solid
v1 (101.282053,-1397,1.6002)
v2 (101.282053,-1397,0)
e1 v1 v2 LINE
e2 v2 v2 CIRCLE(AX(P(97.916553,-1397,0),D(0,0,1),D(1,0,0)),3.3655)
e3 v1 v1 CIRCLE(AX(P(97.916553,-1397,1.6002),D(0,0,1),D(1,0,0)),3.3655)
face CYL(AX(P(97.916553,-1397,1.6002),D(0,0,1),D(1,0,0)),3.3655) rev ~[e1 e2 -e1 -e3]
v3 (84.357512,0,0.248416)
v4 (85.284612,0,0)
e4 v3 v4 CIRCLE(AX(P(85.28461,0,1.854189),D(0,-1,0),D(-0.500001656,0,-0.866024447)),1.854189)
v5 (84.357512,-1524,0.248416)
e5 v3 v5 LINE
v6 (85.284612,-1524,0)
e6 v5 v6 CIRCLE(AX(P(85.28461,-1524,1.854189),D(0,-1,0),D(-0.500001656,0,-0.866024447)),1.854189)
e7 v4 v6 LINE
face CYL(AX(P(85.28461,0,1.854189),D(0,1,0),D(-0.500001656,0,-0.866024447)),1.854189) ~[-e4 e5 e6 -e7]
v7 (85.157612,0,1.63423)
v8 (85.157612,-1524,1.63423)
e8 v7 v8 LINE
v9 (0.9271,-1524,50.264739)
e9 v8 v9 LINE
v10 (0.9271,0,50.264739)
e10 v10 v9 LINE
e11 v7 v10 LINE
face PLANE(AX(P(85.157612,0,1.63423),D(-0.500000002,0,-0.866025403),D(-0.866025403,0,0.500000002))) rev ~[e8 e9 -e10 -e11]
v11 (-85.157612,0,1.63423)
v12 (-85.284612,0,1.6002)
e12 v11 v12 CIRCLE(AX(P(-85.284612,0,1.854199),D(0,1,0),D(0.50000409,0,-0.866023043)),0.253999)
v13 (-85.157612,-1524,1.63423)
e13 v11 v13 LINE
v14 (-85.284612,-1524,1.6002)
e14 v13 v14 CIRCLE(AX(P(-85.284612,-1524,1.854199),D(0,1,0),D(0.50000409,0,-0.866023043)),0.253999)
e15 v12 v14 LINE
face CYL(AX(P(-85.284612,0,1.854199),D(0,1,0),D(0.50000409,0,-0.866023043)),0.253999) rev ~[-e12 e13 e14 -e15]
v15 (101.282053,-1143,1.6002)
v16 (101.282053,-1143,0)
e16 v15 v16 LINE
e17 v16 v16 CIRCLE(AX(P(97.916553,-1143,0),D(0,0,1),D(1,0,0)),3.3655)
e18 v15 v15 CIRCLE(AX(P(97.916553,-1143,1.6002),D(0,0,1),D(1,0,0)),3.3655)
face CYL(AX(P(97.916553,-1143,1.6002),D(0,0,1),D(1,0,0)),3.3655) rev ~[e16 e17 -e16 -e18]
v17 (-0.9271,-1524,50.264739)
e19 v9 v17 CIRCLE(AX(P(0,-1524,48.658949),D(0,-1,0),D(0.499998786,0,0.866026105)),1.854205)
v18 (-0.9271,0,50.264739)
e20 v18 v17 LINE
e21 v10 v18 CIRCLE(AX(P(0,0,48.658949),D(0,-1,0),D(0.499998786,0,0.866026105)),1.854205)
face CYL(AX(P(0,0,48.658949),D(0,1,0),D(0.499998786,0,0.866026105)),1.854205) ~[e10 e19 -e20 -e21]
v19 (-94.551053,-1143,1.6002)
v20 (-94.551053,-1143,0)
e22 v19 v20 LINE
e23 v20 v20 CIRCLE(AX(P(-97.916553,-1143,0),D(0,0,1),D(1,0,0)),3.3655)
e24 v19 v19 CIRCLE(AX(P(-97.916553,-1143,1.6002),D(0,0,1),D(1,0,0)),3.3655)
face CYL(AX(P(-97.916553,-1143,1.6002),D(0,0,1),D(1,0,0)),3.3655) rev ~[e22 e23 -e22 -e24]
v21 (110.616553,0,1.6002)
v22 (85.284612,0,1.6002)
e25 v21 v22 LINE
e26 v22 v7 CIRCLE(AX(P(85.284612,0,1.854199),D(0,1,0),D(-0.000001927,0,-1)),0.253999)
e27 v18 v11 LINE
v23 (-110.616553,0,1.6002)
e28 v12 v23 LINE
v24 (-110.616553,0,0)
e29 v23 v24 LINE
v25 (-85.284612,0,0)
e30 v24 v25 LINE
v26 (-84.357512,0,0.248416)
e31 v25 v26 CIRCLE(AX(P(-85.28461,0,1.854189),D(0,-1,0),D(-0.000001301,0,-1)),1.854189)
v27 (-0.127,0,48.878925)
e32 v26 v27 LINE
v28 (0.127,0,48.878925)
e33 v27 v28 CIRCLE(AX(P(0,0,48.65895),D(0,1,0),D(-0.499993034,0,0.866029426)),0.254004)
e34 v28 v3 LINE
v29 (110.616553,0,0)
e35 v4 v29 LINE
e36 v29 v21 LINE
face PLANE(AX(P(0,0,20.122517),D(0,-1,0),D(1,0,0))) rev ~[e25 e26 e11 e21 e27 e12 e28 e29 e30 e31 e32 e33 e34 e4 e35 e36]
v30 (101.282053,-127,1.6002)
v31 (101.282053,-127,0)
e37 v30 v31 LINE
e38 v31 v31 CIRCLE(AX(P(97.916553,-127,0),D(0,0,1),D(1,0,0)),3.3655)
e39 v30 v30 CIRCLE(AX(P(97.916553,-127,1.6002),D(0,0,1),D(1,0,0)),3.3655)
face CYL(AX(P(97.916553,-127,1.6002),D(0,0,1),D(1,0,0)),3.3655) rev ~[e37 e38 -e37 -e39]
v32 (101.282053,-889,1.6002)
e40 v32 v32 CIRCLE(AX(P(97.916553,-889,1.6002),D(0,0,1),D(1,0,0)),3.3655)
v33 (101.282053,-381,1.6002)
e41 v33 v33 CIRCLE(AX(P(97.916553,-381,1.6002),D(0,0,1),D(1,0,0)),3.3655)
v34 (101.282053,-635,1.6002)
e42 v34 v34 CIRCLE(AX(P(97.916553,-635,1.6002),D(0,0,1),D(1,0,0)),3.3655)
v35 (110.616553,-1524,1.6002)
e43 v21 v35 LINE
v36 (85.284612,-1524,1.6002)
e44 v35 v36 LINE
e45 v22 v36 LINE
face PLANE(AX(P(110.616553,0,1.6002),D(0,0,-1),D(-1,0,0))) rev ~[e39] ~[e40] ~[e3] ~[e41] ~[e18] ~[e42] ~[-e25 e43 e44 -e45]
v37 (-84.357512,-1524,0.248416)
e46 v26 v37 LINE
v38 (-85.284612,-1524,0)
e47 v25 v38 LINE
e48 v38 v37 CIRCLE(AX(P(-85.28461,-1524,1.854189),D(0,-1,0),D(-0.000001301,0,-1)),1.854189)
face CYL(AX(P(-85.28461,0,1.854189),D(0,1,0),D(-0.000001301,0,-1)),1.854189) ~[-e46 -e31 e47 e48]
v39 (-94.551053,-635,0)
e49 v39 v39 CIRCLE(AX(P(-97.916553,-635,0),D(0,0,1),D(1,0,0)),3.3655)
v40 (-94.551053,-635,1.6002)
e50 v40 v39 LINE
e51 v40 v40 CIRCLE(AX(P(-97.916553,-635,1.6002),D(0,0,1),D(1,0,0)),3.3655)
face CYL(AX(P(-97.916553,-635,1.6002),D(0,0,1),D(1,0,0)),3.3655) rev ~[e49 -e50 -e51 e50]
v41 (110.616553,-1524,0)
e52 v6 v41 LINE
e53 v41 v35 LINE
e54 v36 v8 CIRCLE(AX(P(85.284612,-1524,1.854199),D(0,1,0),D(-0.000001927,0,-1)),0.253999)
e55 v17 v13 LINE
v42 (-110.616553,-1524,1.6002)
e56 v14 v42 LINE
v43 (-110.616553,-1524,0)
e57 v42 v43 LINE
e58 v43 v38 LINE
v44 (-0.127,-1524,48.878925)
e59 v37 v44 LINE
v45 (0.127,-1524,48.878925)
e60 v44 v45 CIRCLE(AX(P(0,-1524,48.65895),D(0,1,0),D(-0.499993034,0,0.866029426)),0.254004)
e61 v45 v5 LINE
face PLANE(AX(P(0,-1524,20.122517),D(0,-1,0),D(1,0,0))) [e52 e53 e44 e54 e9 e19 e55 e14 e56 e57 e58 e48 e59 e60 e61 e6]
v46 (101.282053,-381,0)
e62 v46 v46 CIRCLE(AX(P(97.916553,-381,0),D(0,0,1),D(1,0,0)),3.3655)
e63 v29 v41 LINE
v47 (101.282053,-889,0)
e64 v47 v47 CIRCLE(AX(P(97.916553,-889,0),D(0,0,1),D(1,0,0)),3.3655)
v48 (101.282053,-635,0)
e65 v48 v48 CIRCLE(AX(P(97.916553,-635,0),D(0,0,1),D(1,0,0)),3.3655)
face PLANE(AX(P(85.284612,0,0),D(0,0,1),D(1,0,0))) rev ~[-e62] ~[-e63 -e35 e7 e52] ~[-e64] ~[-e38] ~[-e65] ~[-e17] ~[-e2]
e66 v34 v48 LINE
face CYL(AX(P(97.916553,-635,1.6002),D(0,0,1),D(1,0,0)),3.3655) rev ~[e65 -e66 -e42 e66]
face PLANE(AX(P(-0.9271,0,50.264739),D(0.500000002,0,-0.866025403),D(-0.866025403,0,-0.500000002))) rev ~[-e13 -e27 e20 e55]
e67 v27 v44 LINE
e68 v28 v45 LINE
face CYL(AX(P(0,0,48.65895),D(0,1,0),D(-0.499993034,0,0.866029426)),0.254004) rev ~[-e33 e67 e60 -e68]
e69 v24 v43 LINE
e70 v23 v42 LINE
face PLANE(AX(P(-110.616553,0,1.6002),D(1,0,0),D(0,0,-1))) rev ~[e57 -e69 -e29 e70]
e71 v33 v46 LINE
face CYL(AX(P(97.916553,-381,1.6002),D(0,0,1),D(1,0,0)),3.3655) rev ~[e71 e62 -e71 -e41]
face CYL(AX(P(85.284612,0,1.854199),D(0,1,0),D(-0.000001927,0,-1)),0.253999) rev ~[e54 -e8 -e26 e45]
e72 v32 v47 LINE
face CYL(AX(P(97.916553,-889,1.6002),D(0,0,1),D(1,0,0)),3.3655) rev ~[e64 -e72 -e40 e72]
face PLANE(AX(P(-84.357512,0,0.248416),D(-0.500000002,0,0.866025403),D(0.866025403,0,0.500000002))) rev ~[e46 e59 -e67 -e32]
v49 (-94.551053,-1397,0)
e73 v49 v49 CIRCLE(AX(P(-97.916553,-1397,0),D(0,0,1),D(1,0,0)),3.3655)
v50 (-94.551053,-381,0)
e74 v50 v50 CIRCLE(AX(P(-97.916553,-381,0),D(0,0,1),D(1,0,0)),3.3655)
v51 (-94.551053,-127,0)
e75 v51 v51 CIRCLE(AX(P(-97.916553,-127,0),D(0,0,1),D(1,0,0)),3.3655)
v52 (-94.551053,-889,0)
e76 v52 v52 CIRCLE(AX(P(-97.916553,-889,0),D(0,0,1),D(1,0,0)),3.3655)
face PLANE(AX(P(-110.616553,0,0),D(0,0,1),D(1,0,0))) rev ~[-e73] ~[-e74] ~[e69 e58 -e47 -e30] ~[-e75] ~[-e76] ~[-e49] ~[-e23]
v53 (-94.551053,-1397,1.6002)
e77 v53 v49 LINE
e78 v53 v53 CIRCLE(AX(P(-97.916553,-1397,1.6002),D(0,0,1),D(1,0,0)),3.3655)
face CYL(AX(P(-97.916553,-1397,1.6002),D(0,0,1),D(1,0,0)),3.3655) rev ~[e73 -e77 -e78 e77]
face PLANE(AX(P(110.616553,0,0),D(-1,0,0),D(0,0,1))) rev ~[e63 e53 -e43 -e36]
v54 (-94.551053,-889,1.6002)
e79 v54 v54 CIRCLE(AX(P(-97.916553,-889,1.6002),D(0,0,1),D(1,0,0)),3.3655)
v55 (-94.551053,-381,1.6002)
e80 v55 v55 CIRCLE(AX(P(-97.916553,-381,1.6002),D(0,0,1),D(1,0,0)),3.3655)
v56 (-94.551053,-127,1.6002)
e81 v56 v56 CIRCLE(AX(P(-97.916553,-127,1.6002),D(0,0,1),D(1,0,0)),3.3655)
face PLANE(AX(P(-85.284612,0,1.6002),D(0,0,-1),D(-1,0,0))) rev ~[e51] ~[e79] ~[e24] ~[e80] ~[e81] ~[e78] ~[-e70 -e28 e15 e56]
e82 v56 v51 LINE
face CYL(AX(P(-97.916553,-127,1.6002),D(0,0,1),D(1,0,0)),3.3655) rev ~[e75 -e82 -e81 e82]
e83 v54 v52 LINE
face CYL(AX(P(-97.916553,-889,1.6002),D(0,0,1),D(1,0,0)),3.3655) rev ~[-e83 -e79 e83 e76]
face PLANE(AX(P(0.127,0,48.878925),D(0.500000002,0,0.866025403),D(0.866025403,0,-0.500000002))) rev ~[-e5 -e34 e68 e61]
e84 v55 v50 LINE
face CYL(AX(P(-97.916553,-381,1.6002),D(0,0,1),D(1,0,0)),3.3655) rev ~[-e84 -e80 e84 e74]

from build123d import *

# Parameters (mm, degrees)
F1_DEPTH = 1524
F2_R     = 3.3655
F3_DEPTH = 1.6012


with BuildPart() as f1:
    # F0 (on Front) → F1 (new body)
    with BuildSketch(Plane.XZ):
        with BuildLine():
            ThreePointArc((0.9271, 50.264739), (0, 50.513154), (-0.9271, 50.264739))
            Line((-0.9271, 50.264739), (-85.157612, 1.63423))
            ThreePointArc((-85.157612, 1.63423), (-85.218872, 1.608855), (-85.284612, 1.6002))
            Line((-85.284612, 1.6002), (-110.616553, 1.6002))
            Line((-110.616553, 1.6002), (-110.616553, 0))
            Line((-110.616553, 0), (-85.284612, 0))
            ThreePointArc((-85.284612, 0), (-84.80471, 0.06318), (-84.357512, 0.248416))
            Line((-84.357512, 0.248416), (-0.127, 48.878925))
            ThreePointArc((-0.127, 48.878925), (0, 48.912954), (0.127, 48.878925))
            Line((0.127, 48.878925), (84.357512, 0.248416))
            ThreePointArc((84.357512, 0.248416), (84.80471, 0.06318), (85.284612, 0))
            Line((85.284612, 0), (110.616553, 0))
            Line((110.616553, 0), (110.616553, 1.6002))
            Line((110.616553, 1.6002), (85.284612, 1.6002))
            ThreePointArc((85.284612, 1.6002), (85.218872, 1.608855), (85.157612, 1.63423))
            Line((85.157612, 1.63423), (0.9271, 50.264739))
        make_face()
    extrude(amount=F1_DEPTH)

    # F2 (on face) → F3 (cut, through all)
    with BuildSketch(Plane.XY.offset(1.6002)):
        with Locations((-97.916553, -127)):
            Circle(F2_R)
        with Locations((97.916553, -127)):
            Circle(F2_R)
        with Locations((-97.916553, -381)):
            Circle(F2_R)
        with Locations((97.916553, -381)):
            Circle(F2_R)
        with Locations((-97.916553, -635)):
            Circle(F2_R)
        with Locations((97.916553, -635)):
            Circle(F2_R)
        with Locations((-97.916553, -889)):
            Circle(F2_R)
        with Locations((97.916553, -889)):
            Circle(F2_R)
        with Locations((-97.916553, -1143)):
            Circle(F2_R)
        with Locations((97.916553, -1143)):
            Circle(F2_R)
        with Locations((-97.916553, -1397)):
            Circle(F2_R)
        with Locations((97.916553, -1397)):
            Circle(F2_R)
    extrude(amount=-F3_DEPTH, mode=Mode.SUBTRACT)


solid = f1.part
